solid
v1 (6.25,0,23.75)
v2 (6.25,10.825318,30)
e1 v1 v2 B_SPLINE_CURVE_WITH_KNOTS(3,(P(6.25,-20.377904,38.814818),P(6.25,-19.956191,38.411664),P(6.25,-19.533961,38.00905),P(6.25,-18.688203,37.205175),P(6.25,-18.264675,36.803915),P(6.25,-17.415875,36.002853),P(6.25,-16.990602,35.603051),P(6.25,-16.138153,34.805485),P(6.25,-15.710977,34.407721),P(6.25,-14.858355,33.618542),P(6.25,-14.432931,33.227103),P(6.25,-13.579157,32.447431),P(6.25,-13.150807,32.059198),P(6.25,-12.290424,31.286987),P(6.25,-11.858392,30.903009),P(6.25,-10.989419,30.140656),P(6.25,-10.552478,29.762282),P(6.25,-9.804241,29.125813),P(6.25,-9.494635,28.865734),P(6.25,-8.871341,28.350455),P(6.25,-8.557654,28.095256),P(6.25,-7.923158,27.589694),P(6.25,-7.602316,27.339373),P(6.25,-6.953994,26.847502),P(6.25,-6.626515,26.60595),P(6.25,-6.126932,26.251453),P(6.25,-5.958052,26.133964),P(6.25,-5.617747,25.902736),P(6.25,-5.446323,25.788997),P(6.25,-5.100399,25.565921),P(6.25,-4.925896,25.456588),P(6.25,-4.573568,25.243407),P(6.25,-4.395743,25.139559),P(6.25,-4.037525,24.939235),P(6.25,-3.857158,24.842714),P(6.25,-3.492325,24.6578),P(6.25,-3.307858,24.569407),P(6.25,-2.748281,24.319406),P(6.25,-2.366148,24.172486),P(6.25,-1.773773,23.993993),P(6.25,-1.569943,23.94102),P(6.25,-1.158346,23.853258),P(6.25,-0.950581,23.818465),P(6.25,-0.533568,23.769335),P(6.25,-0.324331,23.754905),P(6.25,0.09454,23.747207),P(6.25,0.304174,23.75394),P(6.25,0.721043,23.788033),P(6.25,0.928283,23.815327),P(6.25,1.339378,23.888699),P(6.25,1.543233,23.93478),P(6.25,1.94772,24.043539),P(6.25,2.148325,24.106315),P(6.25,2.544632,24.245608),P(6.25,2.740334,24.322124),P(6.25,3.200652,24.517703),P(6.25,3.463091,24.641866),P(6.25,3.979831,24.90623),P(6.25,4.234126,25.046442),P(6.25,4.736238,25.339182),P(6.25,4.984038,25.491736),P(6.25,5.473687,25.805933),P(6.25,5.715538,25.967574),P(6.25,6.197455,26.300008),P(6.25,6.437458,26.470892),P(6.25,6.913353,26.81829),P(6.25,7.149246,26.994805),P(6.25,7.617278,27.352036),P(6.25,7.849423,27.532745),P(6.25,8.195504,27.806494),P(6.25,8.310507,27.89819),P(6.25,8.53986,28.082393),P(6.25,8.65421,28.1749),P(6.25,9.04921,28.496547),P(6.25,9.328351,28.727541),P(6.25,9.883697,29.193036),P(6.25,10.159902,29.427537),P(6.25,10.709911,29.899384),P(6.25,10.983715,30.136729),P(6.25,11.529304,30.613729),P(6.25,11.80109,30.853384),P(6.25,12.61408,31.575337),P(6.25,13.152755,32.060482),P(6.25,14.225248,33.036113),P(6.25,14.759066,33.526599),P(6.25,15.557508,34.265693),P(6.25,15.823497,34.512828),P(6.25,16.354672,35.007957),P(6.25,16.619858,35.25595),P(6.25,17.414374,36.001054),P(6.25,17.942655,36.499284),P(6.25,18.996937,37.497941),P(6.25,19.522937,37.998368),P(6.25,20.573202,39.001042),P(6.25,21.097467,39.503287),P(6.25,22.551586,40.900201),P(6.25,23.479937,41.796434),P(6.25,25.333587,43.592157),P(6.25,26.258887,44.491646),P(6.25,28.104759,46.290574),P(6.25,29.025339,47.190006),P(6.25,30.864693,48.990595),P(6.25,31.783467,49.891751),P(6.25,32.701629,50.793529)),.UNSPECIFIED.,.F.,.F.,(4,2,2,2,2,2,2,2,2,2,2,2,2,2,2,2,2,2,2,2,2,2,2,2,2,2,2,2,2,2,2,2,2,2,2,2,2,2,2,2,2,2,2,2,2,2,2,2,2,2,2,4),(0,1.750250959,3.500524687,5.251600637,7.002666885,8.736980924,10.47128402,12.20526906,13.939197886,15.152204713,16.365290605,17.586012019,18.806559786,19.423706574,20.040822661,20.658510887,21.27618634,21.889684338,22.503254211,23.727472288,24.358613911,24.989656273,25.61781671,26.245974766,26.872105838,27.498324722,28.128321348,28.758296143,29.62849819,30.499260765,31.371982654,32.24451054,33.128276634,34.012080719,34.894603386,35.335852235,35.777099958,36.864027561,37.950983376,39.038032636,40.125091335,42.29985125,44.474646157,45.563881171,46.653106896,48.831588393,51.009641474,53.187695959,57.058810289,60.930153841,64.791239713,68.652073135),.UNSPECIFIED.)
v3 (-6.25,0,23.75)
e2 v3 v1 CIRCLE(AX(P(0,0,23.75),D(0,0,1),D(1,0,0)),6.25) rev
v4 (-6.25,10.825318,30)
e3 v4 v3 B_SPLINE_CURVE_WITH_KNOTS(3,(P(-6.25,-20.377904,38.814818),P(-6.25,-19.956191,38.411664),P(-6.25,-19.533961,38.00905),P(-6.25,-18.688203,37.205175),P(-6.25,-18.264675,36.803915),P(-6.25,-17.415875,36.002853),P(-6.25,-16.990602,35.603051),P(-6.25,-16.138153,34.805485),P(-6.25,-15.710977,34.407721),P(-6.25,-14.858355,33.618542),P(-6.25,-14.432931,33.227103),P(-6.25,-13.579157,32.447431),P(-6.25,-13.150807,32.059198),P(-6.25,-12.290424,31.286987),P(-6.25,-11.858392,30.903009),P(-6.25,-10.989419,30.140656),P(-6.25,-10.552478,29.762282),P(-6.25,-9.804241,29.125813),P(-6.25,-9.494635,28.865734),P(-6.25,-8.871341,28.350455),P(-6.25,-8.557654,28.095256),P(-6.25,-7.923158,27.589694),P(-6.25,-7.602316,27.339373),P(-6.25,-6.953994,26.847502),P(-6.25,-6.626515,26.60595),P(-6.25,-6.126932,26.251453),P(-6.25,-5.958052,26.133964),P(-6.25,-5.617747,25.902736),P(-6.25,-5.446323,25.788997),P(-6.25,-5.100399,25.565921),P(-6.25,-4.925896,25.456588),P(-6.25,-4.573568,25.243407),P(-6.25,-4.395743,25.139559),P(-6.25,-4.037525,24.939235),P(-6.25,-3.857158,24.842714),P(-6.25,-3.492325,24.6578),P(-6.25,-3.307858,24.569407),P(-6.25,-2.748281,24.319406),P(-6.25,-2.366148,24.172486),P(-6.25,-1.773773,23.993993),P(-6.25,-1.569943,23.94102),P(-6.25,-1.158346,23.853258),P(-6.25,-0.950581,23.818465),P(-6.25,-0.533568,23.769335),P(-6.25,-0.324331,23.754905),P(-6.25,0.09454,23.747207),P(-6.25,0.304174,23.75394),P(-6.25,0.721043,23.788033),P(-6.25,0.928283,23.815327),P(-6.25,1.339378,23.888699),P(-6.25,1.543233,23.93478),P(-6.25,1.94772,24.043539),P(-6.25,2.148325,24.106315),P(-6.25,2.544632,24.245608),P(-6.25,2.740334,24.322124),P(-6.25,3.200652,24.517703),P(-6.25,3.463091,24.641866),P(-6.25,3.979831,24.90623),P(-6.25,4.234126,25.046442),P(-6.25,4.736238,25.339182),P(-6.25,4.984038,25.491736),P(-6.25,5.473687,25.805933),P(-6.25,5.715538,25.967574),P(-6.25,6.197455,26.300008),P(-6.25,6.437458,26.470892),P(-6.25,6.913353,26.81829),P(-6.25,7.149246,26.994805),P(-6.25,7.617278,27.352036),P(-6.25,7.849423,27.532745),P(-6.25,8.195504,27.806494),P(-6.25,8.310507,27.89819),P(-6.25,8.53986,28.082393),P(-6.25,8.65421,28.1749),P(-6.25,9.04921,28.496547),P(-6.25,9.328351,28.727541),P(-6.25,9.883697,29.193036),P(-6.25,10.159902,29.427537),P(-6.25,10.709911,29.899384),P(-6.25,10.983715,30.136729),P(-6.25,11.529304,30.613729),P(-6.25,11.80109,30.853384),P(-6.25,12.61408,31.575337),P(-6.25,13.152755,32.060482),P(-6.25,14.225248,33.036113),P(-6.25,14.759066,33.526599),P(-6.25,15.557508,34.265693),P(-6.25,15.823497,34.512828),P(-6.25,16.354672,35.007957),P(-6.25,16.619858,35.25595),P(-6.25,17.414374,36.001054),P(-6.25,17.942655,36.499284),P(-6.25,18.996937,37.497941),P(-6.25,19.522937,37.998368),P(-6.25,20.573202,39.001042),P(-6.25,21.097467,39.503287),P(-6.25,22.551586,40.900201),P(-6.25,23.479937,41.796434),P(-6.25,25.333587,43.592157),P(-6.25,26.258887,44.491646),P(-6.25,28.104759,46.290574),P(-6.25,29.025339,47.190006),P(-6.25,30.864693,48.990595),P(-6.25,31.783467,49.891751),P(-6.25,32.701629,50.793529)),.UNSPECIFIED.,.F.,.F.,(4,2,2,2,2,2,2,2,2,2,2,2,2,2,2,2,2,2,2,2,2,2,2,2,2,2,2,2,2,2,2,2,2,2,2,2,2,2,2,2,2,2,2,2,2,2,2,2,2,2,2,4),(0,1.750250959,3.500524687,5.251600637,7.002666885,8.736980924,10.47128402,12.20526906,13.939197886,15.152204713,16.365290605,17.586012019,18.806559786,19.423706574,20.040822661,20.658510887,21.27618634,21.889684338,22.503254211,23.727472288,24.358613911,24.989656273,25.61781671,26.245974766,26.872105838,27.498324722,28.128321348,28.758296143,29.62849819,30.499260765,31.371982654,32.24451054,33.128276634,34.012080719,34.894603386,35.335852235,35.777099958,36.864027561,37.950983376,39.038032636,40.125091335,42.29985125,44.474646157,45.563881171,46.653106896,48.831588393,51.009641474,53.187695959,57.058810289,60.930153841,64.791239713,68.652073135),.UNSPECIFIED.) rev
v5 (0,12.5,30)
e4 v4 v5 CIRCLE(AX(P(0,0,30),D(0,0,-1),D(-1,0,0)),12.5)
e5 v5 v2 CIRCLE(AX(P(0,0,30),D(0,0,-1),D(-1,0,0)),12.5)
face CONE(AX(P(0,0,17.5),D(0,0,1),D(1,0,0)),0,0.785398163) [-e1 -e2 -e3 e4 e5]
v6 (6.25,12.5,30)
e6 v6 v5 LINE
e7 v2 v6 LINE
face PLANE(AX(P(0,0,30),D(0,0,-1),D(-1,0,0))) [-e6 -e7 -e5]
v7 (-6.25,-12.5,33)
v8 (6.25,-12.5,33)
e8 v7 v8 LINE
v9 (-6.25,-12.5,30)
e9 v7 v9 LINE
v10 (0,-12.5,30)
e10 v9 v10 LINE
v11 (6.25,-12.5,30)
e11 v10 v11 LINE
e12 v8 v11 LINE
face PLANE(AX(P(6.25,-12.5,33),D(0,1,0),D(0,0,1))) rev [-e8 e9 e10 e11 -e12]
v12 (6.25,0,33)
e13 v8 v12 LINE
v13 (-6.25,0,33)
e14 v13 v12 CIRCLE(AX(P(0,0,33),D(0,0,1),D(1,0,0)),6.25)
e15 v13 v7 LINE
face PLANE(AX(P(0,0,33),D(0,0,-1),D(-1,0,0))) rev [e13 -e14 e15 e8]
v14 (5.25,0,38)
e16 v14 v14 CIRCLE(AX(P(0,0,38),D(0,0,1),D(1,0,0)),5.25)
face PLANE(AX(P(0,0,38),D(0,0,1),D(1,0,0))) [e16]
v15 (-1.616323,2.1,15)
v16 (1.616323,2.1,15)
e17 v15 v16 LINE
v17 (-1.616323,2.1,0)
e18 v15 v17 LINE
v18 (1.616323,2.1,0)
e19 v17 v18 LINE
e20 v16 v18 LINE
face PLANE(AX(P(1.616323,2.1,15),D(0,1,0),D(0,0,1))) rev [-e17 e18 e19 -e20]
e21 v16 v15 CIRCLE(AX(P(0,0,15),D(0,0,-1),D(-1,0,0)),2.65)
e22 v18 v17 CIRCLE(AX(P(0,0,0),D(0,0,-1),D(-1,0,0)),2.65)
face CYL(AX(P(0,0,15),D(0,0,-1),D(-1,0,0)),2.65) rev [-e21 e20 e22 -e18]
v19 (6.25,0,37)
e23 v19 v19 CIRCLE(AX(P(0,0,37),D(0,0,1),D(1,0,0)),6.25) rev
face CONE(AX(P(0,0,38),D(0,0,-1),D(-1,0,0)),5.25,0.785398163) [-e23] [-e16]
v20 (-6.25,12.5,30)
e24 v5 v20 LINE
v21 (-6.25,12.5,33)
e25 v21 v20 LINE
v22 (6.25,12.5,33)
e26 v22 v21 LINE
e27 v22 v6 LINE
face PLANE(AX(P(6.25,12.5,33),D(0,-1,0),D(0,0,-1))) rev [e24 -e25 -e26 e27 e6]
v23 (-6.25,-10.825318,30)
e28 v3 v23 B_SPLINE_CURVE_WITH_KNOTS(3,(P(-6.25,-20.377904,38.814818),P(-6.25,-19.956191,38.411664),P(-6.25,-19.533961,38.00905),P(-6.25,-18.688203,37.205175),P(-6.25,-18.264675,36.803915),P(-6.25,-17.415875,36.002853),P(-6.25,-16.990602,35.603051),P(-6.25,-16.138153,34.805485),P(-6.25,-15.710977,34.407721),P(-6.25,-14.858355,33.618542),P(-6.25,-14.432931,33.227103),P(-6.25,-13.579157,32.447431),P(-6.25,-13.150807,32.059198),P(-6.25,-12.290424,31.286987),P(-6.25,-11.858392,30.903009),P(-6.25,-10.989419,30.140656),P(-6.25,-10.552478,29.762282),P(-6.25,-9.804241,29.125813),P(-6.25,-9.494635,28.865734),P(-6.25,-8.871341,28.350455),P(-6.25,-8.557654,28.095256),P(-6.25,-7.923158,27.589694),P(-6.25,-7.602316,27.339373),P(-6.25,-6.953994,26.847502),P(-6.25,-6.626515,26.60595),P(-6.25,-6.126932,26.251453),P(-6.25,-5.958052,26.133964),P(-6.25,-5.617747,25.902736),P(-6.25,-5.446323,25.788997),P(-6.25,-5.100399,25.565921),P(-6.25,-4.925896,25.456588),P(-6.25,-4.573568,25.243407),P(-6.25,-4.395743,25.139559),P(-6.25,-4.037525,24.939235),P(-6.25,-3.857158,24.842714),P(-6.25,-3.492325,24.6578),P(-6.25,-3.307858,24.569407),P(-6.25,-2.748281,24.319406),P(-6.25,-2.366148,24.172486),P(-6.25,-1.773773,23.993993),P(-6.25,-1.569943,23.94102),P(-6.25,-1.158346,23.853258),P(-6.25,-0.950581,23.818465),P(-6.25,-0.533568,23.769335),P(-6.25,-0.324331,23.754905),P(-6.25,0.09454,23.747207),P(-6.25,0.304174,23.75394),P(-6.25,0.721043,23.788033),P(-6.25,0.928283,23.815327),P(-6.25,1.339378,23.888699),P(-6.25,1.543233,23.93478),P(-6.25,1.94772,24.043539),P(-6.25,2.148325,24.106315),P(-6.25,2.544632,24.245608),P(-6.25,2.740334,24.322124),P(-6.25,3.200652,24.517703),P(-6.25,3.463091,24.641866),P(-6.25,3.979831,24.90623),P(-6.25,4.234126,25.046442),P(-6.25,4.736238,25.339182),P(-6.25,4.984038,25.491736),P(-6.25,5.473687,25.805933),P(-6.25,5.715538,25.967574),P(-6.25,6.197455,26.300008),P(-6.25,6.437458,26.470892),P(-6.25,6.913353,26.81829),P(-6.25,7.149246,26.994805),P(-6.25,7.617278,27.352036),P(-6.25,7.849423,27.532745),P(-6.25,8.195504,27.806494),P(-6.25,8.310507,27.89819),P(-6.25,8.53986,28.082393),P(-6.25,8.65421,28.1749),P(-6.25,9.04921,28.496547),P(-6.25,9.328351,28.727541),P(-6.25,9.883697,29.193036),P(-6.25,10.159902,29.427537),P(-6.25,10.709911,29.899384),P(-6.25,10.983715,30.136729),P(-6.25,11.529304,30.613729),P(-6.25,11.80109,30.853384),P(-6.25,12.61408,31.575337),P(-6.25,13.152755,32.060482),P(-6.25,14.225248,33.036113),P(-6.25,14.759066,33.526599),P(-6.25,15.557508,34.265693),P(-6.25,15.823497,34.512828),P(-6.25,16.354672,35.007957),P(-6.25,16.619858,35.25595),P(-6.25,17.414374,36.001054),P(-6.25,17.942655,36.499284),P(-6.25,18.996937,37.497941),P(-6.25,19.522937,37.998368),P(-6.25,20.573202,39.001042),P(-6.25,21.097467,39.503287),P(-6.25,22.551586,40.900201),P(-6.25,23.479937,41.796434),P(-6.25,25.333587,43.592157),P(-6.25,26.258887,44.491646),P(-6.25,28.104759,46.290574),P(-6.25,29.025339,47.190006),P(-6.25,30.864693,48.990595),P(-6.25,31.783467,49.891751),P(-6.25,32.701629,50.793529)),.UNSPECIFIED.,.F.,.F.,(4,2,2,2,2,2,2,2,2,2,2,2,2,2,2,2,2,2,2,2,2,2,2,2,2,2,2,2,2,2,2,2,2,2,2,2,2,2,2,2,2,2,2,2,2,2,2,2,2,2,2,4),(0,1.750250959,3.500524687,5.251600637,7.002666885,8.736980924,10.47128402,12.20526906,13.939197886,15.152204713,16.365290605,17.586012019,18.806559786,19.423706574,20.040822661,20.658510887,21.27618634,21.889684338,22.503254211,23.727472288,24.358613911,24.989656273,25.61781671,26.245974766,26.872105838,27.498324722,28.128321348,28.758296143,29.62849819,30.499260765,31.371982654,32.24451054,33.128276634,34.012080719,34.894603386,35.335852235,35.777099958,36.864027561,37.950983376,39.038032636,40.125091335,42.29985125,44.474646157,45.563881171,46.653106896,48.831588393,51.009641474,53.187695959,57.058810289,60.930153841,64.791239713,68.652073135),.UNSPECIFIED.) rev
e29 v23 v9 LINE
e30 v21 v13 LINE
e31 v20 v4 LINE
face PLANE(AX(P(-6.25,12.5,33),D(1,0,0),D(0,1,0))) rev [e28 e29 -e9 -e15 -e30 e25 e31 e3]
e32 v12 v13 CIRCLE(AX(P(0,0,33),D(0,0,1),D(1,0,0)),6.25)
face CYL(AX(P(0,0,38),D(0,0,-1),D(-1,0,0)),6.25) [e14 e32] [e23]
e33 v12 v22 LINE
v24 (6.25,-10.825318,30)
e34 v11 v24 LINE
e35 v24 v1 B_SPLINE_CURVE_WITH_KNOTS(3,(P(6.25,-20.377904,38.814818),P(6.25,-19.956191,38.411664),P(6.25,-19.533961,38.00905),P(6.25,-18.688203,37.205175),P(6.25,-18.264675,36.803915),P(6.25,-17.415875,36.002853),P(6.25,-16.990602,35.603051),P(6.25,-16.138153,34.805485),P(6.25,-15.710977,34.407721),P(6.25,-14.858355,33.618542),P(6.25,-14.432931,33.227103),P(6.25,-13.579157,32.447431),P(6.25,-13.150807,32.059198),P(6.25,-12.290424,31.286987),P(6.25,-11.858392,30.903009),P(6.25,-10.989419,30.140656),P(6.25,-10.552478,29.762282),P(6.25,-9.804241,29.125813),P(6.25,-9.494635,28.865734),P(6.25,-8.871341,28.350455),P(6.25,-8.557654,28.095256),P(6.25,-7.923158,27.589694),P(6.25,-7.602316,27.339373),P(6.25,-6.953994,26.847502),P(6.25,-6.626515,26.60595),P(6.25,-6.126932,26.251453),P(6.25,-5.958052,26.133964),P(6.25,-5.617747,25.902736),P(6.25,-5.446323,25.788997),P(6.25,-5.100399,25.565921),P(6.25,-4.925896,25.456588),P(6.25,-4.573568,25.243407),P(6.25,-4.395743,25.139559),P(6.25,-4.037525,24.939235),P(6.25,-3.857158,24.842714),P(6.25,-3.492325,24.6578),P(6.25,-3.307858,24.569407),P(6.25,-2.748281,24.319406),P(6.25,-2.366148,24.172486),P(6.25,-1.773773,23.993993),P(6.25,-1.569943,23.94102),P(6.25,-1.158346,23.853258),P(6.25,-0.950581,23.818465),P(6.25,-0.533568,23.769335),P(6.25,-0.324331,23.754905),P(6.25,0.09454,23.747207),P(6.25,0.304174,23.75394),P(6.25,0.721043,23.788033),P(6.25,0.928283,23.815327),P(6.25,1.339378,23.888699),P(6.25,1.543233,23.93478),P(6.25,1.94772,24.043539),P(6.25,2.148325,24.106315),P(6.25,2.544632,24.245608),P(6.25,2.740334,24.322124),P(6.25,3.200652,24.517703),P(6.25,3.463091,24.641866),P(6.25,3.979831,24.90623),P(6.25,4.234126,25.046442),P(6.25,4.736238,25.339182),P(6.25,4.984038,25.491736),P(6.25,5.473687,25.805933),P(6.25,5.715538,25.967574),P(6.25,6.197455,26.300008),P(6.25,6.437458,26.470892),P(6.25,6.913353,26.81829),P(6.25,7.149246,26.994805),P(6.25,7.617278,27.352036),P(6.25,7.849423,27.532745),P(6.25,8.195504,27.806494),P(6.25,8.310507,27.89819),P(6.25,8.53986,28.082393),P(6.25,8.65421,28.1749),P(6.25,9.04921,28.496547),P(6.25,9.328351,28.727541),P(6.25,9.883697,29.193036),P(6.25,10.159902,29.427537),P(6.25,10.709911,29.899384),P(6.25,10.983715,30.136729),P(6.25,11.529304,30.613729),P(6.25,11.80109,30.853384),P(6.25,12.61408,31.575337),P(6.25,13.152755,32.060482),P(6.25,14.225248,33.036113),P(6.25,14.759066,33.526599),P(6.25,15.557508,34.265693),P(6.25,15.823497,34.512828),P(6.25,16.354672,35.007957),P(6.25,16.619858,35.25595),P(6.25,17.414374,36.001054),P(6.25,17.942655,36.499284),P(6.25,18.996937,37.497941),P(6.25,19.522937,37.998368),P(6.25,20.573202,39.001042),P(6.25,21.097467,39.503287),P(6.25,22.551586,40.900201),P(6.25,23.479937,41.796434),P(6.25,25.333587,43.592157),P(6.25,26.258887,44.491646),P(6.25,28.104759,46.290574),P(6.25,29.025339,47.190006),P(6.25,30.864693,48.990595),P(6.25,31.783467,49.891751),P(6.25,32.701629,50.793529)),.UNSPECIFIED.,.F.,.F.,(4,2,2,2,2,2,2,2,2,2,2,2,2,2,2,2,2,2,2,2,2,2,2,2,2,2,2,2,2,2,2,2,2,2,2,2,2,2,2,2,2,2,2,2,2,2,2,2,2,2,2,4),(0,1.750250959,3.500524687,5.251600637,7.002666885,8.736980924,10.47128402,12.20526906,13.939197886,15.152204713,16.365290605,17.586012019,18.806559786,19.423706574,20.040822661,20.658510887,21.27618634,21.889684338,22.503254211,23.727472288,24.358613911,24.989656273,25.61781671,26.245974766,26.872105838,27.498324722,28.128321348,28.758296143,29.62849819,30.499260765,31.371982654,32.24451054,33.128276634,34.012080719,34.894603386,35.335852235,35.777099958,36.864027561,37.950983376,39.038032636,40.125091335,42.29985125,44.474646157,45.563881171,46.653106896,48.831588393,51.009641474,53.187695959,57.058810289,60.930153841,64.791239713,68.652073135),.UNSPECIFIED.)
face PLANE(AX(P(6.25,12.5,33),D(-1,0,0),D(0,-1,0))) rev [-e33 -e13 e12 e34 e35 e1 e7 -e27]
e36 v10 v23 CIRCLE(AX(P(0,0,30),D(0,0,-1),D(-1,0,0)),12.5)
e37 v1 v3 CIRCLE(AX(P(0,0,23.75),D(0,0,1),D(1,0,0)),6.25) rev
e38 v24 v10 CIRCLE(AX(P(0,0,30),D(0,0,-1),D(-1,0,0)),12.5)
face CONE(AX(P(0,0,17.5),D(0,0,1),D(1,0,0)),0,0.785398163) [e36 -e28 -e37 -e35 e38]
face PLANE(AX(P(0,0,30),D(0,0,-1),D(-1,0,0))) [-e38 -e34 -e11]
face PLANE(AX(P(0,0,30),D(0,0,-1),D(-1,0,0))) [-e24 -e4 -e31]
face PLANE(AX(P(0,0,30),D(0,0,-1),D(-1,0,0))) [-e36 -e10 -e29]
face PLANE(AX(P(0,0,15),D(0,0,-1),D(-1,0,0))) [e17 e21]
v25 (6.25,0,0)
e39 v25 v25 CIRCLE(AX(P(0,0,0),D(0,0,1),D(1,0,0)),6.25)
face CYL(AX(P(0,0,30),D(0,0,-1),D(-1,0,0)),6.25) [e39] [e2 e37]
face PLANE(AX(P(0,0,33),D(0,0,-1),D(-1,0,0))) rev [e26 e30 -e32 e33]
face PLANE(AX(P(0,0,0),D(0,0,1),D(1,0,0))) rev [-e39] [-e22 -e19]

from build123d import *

# Parameters (mm, degrees)
SKETCH1_R           = 6.25
BOSS_EXTRUDE1_DEPTH = 30
CUT_EXTRUDE3_DEPTH  = 15
SKETCH9_W           = 12.5
SKETCH9_H           = 25
BOSS_EXTRUDE2_DEPTH = 3
SKETCH11_W          = 10.933781676
SKETCH11_H          = 25
SKETCH11_W_2        = 11.938681189
CUT_EXTRUDE4_DEPTH  = 34
SKETCH12_R          = 6.25
BOSS_EXTRUDE3_DEPTH = 5
CHAMFER1_SIZE       = 1


with BuildPart() as part:
    # Sketch1 → Boss-Extrude1 (new body)
    with BuildSketch(Plane.XY):
        Circle(SKETCH1_R)
    extrude(amount=BOSS_EXTRUDE1_DEPTH)

    # Sketch8 → Cut-Extrude3 (cut)
    with BuildSketch(Plane(origin=(0, 0, 0), x_dir=(-1, 0, 0), z_dir=(0, 0, -1))):
        with BuildLine():
            Line((-1.616322988, 2.1), (1.616322988, 2.1))
            ThreePointArc((1.616322988, 2.1), (0, -2.65), (-1.616322988, 2.1))
        make_face()
    extrude(amount=-CUT_EXTRUDE3_DEPTH, mode=Mode.SUBTRACT)

    # Sketch9 → Boss-Extrude2 (add)
    with BuildSketch(Plane.XY.offset(30)):
        Rectangle(SKETCH9_W, SKETCH9_H)
    extrude(amount=BOSS_EXTRUDE2_DEPTH)

    # Sketch10 → Revolve1 (revolve)
    with BuildSketch(Plane(origin=(0, 0, 0), x_dir=(0, 0, -1), z_dir=(1, 0, 0))):
        Polygon((-30, 12.5), (-30, 0), (-17.5, 0), align=None)
    revolve(axis=Axis((0, 0, 63.541170981), (0, 0, 1)))

    # Sketch11 → Cut-Extrude4 (cut, through all)
    with BuildSketch(Plane.XY.offset(33)):
        with Locations((-11.716890838, 0)):
            Rectangle(SKETCH11_W, SKETCH11_H)
        with Locations((12.219340595, 0)):
            Rectangle(SKETCH11_W_2, SKETCH11_H)
    extrude(amount=-CUT_EXTRUDE4_DEPTH, mode=Mode.SUBTRACT)

    # Sketch12 → Boss-Extrude3 (add)
    with BuildSketch(Plane.XY.offset(33)):
        Circle(SKETCH12_R)
    extrude(amount=BOSS_EXTRUDE3_DEPTH)

    # Chamfer1
    chamfer1_edges = [part.edges().sort_by_distance(p)[0] for p in [
        (-6.25, 0, 38),
    ]]
    chamfer(chamfer1_edges, length=CHAMFER1_SIZE)


solid = part.part
